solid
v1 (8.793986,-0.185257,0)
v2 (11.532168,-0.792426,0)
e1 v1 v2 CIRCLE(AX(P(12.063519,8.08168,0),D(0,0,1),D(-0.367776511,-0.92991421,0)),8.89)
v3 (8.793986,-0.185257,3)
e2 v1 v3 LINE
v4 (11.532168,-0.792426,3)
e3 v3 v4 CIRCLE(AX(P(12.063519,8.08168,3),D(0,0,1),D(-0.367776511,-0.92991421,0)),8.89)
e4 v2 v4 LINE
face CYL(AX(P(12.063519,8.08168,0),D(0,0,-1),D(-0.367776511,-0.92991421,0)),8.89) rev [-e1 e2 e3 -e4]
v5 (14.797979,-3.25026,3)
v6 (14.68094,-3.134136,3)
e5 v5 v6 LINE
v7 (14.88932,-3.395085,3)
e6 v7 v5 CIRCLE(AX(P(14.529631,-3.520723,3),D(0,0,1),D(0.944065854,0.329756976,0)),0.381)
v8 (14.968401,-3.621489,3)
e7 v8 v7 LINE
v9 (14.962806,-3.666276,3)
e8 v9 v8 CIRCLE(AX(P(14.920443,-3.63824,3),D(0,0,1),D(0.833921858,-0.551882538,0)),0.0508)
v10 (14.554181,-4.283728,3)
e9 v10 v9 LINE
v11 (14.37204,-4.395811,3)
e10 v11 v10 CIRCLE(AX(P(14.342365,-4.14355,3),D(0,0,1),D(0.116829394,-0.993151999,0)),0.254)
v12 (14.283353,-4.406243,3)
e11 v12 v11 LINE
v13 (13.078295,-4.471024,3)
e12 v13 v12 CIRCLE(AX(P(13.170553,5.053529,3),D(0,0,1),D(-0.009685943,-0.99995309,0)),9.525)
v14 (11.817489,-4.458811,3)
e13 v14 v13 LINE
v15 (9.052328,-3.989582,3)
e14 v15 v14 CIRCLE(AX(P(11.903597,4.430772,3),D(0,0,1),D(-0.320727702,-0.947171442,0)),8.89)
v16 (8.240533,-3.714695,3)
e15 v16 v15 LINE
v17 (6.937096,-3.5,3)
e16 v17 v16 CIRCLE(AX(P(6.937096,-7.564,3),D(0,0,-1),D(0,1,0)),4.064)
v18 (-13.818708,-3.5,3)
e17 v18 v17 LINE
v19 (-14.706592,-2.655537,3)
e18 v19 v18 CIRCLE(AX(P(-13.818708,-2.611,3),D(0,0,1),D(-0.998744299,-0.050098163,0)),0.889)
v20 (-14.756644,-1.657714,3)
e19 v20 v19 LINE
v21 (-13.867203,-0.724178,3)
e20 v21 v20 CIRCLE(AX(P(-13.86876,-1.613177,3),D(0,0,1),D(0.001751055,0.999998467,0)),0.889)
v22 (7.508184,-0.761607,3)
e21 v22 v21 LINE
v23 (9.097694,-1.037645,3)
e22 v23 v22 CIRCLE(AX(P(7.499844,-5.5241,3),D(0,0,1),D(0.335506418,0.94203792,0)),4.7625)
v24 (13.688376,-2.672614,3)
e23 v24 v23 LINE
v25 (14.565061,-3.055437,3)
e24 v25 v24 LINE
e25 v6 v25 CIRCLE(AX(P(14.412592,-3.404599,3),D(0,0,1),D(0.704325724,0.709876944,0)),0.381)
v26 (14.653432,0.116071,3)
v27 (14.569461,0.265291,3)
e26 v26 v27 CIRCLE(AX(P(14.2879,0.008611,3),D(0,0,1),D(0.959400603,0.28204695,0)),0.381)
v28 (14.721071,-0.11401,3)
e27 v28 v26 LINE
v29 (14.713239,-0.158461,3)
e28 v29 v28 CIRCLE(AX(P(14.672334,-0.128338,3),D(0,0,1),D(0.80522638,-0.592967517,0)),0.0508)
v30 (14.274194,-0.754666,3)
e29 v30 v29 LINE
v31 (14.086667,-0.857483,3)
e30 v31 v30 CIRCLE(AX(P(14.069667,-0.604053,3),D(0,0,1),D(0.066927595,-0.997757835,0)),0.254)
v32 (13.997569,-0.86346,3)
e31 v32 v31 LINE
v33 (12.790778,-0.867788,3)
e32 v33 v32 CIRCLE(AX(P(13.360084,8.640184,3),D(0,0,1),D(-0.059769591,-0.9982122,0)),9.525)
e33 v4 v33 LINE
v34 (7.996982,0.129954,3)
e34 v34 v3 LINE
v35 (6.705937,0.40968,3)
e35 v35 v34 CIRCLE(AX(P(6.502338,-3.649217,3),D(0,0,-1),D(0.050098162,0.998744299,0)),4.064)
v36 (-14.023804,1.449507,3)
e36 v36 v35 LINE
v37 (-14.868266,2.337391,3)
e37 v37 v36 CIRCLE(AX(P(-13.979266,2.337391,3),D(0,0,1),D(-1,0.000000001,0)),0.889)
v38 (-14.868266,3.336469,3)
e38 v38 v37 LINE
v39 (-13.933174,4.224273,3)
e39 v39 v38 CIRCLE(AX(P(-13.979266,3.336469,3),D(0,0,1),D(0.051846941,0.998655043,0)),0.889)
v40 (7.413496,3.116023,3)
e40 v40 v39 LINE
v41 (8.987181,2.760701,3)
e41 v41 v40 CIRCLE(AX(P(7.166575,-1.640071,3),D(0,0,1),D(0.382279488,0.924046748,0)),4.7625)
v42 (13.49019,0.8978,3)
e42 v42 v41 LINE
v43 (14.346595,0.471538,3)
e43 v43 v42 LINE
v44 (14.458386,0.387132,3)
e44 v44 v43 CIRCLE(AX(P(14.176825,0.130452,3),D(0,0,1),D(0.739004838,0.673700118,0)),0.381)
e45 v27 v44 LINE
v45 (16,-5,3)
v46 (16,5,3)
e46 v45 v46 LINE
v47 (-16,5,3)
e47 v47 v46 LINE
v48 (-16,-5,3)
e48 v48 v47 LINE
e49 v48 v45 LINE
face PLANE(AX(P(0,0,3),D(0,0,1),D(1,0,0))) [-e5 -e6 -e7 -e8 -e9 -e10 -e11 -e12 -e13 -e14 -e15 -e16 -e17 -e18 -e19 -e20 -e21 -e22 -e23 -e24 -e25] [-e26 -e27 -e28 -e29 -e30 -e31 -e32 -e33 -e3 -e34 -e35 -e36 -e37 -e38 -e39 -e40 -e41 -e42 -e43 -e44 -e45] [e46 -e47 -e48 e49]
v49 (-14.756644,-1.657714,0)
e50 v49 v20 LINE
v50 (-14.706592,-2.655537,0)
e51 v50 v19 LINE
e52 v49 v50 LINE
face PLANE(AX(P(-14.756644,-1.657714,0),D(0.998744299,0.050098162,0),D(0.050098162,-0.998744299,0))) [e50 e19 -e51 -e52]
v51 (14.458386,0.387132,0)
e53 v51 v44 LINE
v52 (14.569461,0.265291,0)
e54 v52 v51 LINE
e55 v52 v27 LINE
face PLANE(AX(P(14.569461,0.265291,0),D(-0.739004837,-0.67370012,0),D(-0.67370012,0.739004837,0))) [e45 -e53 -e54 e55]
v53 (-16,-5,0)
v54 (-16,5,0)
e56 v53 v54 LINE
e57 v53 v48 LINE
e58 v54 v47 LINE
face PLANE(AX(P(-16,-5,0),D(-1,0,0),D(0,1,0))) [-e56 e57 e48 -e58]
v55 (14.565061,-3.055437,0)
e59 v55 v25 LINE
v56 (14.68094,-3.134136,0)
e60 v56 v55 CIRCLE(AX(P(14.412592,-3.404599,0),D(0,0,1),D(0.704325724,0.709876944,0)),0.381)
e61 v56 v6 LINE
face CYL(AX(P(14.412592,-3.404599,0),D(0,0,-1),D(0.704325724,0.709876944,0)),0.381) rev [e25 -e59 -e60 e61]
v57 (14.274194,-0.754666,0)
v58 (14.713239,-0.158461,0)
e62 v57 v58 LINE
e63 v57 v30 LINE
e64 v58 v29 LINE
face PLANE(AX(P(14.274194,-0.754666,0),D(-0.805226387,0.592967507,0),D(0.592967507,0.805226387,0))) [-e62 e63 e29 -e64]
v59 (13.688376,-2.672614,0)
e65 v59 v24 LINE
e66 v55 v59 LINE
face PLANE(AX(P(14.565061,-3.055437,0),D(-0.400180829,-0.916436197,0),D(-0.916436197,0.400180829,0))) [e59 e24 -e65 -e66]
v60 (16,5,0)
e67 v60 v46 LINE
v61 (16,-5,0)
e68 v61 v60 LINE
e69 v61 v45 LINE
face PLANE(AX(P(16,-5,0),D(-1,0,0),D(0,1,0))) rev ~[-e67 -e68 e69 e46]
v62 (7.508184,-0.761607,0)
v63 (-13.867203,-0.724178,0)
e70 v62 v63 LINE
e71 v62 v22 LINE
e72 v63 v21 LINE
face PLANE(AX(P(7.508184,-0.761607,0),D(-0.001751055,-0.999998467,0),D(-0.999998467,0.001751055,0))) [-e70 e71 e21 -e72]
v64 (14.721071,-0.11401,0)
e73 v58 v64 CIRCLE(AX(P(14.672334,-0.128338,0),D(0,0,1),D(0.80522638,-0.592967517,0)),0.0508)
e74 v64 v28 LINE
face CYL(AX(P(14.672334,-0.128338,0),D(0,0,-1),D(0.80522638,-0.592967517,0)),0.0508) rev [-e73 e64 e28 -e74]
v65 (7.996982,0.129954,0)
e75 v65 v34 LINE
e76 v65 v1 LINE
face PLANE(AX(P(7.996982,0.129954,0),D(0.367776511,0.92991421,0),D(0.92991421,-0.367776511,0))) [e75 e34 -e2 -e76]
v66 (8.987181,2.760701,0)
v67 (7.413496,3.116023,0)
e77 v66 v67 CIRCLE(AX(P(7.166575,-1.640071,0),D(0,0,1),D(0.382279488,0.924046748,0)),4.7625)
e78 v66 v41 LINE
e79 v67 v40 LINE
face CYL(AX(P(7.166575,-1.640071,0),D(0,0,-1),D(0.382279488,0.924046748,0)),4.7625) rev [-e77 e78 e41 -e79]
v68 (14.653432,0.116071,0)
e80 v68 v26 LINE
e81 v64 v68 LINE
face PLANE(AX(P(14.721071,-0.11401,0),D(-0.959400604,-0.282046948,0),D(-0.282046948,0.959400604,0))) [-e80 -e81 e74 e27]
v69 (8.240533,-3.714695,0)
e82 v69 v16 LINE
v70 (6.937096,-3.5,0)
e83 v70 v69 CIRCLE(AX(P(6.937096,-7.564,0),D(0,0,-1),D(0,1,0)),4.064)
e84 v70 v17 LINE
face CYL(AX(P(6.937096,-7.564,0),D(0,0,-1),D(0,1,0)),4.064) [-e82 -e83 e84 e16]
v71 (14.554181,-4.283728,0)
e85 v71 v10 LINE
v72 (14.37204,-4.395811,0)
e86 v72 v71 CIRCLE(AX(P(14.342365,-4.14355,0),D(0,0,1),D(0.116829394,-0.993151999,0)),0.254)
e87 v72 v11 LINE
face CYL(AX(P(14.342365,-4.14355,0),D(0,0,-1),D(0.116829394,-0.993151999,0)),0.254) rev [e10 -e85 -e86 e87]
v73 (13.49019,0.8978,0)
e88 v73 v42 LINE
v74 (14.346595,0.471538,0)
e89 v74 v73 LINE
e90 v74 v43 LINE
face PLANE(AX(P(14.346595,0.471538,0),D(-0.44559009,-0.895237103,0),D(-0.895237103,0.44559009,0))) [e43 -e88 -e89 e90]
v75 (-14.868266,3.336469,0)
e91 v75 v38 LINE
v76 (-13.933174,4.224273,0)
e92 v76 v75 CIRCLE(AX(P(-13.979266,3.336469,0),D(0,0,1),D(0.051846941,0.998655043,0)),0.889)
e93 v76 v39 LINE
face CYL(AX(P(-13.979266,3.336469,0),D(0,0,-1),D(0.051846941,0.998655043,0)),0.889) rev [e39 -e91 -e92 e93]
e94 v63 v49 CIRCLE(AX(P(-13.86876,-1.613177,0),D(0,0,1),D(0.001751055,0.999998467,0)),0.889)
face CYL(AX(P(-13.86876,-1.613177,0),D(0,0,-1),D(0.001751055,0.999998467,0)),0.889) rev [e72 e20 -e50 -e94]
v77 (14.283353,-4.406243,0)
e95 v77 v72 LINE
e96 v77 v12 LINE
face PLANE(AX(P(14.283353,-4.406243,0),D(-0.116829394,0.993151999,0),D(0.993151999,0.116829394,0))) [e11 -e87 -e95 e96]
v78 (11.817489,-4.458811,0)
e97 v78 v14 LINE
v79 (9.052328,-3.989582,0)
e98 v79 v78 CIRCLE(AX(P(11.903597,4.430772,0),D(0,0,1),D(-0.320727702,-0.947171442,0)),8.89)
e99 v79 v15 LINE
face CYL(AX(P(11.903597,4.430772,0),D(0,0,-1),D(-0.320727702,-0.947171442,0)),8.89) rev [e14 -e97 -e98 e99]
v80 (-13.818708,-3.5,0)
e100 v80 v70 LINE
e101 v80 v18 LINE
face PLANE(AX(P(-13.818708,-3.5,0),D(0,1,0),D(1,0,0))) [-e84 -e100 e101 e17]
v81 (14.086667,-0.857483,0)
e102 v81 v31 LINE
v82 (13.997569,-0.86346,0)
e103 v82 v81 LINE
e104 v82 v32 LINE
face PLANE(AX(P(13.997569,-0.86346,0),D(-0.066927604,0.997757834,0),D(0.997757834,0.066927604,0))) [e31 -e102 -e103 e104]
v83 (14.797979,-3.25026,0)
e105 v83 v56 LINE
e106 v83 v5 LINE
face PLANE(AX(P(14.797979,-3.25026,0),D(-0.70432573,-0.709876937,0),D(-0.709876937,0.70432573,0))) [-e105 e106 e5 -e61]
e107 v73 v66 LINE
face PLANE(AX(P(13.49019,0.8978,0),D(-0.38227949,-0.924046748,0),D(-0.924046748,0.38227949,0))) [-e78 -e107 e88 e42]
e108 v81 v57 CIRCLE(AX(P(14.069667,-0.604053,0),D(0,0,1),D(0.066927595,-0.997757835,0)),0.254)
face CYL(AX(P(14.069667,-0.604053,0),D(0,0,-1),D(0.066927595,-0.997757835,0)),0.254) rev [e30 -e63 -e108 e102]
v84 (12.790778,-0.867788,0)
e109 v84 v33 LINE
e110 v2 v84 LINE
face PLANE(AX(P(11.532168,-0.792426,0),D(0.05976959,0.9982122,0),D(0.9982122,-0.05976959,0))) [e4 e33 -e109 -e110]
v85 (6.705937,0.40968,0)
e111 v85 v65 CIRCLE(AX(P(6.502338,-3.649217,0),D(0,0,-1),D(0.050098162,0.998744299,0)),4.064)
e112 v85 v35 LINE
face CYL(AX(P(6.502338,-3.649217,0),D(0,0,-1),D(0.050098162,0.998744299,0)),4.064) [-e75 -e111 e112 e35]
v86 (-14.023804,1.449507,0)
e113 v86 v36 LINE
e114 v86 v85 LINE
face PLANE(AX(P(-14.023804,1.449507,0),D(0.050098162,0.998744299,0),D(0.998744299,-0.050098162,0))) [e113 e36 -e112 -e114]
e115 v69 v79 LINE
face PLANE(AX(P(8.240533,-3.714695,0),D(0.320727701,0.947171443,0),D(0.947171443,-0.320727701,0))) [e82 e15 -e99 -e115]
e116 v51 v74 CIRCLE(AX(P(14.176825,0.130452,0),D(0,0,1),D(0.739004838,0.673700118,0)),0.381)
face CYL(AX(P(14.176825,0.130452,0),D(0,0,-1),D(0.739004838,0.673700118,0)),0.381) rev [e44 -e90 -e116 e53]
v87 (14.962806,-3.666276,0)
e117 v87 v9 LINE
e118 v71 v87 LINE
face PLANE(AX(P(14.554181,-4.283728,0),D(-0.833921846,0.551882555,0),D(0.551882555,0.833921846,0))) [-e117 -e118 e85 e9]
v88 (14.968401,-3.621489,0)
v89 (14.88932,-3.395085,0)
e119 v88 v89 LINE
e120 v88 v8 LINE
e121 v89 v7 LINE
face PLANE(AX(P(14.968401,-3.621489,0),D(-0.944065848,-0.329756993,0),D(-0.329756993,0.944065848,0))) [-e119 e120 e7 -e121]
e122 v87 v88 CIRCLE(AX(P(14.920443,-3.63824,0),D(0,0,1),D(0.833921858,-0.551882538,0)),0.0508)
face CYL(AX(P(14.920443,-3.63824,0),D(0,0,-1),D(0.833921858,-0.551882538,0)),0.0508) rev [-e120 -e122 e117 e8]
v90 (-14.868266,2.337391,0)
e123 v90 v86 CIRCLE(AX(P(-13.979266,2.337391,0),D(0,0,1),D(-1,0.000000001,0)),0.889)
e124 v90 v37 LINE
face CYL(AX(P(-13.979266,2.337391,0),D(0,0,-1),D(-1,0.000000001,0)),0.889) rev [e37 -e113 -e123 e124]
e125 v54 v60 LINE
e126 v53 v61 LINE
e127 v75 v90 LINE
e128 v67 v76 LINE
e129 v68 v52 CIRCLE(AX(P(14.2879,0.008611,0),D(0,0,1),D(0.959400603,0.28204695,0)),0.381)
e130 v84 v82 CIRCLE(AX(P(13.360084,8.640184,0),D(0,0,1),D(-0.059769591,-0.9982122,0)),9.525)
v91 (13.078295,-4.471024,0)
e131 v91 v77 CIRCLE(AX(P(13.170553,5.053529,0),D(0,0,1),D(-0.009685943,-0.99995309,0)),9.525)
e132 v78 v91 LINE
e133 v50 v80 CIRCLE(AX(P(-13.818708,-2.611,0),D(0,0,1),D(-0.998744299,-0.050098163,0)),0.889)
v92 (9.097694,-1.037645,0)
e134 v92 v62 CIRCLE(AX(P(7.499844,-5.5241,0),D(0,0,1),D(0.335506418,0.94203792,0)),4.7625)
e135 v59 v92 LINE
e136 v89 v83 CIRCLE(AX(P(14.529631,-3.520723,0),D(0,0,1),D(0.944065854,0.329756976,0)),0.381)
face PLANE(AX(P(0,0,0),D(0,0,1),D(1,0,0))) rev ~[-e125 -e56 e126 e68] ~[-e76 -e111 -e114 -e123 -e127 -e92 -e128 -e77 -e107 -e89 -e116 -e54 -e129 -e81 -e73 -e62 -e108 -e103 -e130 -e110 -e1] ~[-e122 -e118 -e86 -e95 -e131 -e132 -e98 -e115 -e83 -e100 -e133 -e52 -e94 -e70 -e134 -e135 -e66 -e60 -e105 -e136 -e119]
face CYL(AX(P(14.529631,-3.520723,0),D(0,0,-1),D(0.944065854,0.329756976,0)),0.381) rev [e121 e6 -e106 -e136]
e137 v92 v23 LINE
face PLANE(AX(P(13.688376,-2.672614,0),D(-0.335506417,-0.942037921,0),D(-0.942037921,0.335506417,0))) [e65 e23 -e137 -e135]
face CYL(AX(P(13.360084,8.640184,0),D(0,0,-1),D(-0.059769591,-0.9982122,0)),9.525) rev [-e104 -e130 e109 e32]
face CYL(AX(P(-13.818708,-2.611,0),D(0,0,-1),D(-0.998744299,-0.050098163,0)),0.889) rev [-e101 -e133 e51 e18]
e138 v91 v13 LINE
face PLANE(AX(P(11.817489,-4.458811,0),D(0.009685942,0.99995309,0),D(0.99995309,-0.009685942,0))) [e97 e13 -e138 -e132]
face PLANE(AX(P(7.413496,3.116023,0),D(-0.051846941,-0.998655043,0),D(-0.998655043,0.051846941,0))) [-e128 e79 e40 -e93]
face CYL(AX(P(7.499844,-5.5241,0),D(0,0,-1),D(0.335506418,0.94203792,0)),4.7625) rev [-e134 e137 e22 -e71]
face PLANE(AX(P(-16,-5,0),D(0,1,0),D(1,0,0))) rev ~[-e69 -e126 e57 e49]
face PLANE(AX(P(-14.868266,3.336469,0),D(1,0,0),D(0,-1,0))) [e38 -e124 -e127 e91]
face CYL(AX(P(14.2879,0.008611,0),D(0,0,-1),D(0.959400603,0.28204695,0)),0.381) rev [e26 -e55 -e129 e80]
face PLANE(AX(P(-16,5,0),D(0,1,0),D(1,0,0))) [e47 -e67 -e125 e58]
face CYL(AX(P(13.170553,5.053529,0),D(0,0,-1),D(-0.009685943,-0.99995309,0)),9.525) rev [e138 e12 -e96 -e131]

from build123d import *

# Parameters (mm, degrees)
SKETCH1_W           = 32
SKETCH1_H           = 10
BOSS_EXTRUDE1_DEPTH = 3


with BuildPart() as part:
    # Sketch1 → Boss-Extrude1 (new body)
    with BuildSketch(Plane.XY):
        Rectangle(SKETCH1_W, SKETCH1_H)
        with BuildLine():
            Line((7.508183749, -0.761607487), (-13.867203265, -0.724177951))
            ThreePointArc((-13.867203265, -0.724177951), (-14.512395102, -0.999943521), (-14.756643634, -1.657713853))
            Line((-14.756643634, -1.657713853), (-14.706591665, -2.655537266))
            ThreePointArc((-14.706591665, -2.655537266), (-14.431377295, -3.255171805), (-13.818707983, -3.5))
            Line((-13.818707983, -3.5), (6.937095785, -3.5))
            ThreePointArc((6.937095785, -3.5), (7.597596174, -3.554033013), (8.240533164, -3.714695258))
            Line((8.240533164, -3.714695258), (9.052328165, -3.989582288))
            ThreePointArc((9.052328165, -3.989582288), (10.41628769, -4.333930654), (11.817489406, -4.458811135))
            Line((11.817489406, -4.458811135), (13.078294798, -4.471023796))
            ThreePointArc((13.078294798, -4.471023796), (13.681851068, -4.457737599), (14.283353389, -4.406243399))
            Line((14.283353389, -4.406243399), (14.372039696, -4.395810789))
            ThreePointArc((14.372039696, -4.395810789), (14.475481789, -4.359873847), (14.554181178, -4.28372835))
            Line((14.554181178, -4.28372835), (14.962805958, -3.66627609))
            ThreePointArc((14.962805958, -3.66627609), (14.970850873, -3.64453799), (14.968401274, -3.621488801))
            Line((14.968401274, -3.621488801), (14.889319766, -3.39508526))
            ThreePointArc((14.889319766, -3.39508526), (14.851890355, -3.317474793), (14.797978781, -3.25025956))
            Line((14.797978781, -3.25025956), (14.680939758, -3.134135777))
            ThreePointArc((14.680939758, -3.134135777), (14.626648009, -3.089415012), (14.565060551, -3.055436699))
            Line((14.565060551, -3.055436699), (13.68837555, -2.672614052))
            Line((13.68837555, -2.672614052), (9.097693662, -1.037644589))
            ThreePointArc((9.097693662, -1.037644589), (8.314712232, -0.83183031), (7.508183749, -0.761607487))
        make_face(mode=Mode.SUBTRACT)
        with BuildLine():
            Line((7.413496434, 3.116023179), (-13.933174328, 4.224273311))
            ThreePointArc((-13.933174328, 4.224273311), (-14.591371345, 3.981176945), (-14.868266258, 3.336468978))
            Line((-14.868266258, 3.336468978), (-14.868266258, 2.337391022))
            ThreePointArc((-14.868266258, 2.337391022), (-14.623438064, 1.724721711), (-14.023803524, 1.449507341))
            Line((-14.023803524, 1.449507341), (6.705937155, 0.409679726))
            ThreePointArc((6.705937155, 0.409679726), (7.362901198, 0.322624707), (7.996981968, 0.129954245))
            Line((7.996981968, 0.129954245), (8.793986262, -0.185257046))
            ThreePointArc((8.793986262, -0.185257046), (10.138981841, -0.597504878), (11.532167784, -0.792426178))
            Line((11.532167784, -0.792426178), (12.790778149, -0.867787535))
            ThreePointArc((12.790778149, -0.867787535), (13.394242147, -0.884755081), (13.997568925, -0.863459703))
            Line((13.997568925, -0.863459703), (14.086666523, -0.857483214))
            ThreePointArc((14.086666523, -0.857483214), (14.191779099, -0.826773657), (14.274194414, -0.754666471))
            Line((14.274194414, -0.754666471), (14.713239307, -0.158460897))
            ThreePointArc((14.713239307, -0.158460897), (14.722363159, -0.137153129), (14.721071357, -0.114010163))
            Line((14.721071357, -0.114010163), (14.653431554, 0.116070922))
            ThreePointArc((14.653431554, 0.116070922), (14.619937284, 0.195459078), (14.569460767, 0.265290779))
            Line((14.569460767, 0.265290779), (14.458386298, 0.387132185))
            ThreePointArc((14.458386298, 0.387132185), (14.406403152, 0.434516711), (14.34659528, 0.471537776))
            Line((14.34659528, 0.471537776), (13.490189844, 0.897800019))
            Line((13.490189844, 0.897800019), (8.987181446, 2.760701173))
            ThreePointArc((8.987181446, 2.760701173), (8.215494123, 3.00548294), (7.413496434, 3.116023179))
        make_face(mode=Mode.SUBTRACT)
    extrude(amount=BOSS_EXTRUDE1_DEPTH)


solid = part.part
